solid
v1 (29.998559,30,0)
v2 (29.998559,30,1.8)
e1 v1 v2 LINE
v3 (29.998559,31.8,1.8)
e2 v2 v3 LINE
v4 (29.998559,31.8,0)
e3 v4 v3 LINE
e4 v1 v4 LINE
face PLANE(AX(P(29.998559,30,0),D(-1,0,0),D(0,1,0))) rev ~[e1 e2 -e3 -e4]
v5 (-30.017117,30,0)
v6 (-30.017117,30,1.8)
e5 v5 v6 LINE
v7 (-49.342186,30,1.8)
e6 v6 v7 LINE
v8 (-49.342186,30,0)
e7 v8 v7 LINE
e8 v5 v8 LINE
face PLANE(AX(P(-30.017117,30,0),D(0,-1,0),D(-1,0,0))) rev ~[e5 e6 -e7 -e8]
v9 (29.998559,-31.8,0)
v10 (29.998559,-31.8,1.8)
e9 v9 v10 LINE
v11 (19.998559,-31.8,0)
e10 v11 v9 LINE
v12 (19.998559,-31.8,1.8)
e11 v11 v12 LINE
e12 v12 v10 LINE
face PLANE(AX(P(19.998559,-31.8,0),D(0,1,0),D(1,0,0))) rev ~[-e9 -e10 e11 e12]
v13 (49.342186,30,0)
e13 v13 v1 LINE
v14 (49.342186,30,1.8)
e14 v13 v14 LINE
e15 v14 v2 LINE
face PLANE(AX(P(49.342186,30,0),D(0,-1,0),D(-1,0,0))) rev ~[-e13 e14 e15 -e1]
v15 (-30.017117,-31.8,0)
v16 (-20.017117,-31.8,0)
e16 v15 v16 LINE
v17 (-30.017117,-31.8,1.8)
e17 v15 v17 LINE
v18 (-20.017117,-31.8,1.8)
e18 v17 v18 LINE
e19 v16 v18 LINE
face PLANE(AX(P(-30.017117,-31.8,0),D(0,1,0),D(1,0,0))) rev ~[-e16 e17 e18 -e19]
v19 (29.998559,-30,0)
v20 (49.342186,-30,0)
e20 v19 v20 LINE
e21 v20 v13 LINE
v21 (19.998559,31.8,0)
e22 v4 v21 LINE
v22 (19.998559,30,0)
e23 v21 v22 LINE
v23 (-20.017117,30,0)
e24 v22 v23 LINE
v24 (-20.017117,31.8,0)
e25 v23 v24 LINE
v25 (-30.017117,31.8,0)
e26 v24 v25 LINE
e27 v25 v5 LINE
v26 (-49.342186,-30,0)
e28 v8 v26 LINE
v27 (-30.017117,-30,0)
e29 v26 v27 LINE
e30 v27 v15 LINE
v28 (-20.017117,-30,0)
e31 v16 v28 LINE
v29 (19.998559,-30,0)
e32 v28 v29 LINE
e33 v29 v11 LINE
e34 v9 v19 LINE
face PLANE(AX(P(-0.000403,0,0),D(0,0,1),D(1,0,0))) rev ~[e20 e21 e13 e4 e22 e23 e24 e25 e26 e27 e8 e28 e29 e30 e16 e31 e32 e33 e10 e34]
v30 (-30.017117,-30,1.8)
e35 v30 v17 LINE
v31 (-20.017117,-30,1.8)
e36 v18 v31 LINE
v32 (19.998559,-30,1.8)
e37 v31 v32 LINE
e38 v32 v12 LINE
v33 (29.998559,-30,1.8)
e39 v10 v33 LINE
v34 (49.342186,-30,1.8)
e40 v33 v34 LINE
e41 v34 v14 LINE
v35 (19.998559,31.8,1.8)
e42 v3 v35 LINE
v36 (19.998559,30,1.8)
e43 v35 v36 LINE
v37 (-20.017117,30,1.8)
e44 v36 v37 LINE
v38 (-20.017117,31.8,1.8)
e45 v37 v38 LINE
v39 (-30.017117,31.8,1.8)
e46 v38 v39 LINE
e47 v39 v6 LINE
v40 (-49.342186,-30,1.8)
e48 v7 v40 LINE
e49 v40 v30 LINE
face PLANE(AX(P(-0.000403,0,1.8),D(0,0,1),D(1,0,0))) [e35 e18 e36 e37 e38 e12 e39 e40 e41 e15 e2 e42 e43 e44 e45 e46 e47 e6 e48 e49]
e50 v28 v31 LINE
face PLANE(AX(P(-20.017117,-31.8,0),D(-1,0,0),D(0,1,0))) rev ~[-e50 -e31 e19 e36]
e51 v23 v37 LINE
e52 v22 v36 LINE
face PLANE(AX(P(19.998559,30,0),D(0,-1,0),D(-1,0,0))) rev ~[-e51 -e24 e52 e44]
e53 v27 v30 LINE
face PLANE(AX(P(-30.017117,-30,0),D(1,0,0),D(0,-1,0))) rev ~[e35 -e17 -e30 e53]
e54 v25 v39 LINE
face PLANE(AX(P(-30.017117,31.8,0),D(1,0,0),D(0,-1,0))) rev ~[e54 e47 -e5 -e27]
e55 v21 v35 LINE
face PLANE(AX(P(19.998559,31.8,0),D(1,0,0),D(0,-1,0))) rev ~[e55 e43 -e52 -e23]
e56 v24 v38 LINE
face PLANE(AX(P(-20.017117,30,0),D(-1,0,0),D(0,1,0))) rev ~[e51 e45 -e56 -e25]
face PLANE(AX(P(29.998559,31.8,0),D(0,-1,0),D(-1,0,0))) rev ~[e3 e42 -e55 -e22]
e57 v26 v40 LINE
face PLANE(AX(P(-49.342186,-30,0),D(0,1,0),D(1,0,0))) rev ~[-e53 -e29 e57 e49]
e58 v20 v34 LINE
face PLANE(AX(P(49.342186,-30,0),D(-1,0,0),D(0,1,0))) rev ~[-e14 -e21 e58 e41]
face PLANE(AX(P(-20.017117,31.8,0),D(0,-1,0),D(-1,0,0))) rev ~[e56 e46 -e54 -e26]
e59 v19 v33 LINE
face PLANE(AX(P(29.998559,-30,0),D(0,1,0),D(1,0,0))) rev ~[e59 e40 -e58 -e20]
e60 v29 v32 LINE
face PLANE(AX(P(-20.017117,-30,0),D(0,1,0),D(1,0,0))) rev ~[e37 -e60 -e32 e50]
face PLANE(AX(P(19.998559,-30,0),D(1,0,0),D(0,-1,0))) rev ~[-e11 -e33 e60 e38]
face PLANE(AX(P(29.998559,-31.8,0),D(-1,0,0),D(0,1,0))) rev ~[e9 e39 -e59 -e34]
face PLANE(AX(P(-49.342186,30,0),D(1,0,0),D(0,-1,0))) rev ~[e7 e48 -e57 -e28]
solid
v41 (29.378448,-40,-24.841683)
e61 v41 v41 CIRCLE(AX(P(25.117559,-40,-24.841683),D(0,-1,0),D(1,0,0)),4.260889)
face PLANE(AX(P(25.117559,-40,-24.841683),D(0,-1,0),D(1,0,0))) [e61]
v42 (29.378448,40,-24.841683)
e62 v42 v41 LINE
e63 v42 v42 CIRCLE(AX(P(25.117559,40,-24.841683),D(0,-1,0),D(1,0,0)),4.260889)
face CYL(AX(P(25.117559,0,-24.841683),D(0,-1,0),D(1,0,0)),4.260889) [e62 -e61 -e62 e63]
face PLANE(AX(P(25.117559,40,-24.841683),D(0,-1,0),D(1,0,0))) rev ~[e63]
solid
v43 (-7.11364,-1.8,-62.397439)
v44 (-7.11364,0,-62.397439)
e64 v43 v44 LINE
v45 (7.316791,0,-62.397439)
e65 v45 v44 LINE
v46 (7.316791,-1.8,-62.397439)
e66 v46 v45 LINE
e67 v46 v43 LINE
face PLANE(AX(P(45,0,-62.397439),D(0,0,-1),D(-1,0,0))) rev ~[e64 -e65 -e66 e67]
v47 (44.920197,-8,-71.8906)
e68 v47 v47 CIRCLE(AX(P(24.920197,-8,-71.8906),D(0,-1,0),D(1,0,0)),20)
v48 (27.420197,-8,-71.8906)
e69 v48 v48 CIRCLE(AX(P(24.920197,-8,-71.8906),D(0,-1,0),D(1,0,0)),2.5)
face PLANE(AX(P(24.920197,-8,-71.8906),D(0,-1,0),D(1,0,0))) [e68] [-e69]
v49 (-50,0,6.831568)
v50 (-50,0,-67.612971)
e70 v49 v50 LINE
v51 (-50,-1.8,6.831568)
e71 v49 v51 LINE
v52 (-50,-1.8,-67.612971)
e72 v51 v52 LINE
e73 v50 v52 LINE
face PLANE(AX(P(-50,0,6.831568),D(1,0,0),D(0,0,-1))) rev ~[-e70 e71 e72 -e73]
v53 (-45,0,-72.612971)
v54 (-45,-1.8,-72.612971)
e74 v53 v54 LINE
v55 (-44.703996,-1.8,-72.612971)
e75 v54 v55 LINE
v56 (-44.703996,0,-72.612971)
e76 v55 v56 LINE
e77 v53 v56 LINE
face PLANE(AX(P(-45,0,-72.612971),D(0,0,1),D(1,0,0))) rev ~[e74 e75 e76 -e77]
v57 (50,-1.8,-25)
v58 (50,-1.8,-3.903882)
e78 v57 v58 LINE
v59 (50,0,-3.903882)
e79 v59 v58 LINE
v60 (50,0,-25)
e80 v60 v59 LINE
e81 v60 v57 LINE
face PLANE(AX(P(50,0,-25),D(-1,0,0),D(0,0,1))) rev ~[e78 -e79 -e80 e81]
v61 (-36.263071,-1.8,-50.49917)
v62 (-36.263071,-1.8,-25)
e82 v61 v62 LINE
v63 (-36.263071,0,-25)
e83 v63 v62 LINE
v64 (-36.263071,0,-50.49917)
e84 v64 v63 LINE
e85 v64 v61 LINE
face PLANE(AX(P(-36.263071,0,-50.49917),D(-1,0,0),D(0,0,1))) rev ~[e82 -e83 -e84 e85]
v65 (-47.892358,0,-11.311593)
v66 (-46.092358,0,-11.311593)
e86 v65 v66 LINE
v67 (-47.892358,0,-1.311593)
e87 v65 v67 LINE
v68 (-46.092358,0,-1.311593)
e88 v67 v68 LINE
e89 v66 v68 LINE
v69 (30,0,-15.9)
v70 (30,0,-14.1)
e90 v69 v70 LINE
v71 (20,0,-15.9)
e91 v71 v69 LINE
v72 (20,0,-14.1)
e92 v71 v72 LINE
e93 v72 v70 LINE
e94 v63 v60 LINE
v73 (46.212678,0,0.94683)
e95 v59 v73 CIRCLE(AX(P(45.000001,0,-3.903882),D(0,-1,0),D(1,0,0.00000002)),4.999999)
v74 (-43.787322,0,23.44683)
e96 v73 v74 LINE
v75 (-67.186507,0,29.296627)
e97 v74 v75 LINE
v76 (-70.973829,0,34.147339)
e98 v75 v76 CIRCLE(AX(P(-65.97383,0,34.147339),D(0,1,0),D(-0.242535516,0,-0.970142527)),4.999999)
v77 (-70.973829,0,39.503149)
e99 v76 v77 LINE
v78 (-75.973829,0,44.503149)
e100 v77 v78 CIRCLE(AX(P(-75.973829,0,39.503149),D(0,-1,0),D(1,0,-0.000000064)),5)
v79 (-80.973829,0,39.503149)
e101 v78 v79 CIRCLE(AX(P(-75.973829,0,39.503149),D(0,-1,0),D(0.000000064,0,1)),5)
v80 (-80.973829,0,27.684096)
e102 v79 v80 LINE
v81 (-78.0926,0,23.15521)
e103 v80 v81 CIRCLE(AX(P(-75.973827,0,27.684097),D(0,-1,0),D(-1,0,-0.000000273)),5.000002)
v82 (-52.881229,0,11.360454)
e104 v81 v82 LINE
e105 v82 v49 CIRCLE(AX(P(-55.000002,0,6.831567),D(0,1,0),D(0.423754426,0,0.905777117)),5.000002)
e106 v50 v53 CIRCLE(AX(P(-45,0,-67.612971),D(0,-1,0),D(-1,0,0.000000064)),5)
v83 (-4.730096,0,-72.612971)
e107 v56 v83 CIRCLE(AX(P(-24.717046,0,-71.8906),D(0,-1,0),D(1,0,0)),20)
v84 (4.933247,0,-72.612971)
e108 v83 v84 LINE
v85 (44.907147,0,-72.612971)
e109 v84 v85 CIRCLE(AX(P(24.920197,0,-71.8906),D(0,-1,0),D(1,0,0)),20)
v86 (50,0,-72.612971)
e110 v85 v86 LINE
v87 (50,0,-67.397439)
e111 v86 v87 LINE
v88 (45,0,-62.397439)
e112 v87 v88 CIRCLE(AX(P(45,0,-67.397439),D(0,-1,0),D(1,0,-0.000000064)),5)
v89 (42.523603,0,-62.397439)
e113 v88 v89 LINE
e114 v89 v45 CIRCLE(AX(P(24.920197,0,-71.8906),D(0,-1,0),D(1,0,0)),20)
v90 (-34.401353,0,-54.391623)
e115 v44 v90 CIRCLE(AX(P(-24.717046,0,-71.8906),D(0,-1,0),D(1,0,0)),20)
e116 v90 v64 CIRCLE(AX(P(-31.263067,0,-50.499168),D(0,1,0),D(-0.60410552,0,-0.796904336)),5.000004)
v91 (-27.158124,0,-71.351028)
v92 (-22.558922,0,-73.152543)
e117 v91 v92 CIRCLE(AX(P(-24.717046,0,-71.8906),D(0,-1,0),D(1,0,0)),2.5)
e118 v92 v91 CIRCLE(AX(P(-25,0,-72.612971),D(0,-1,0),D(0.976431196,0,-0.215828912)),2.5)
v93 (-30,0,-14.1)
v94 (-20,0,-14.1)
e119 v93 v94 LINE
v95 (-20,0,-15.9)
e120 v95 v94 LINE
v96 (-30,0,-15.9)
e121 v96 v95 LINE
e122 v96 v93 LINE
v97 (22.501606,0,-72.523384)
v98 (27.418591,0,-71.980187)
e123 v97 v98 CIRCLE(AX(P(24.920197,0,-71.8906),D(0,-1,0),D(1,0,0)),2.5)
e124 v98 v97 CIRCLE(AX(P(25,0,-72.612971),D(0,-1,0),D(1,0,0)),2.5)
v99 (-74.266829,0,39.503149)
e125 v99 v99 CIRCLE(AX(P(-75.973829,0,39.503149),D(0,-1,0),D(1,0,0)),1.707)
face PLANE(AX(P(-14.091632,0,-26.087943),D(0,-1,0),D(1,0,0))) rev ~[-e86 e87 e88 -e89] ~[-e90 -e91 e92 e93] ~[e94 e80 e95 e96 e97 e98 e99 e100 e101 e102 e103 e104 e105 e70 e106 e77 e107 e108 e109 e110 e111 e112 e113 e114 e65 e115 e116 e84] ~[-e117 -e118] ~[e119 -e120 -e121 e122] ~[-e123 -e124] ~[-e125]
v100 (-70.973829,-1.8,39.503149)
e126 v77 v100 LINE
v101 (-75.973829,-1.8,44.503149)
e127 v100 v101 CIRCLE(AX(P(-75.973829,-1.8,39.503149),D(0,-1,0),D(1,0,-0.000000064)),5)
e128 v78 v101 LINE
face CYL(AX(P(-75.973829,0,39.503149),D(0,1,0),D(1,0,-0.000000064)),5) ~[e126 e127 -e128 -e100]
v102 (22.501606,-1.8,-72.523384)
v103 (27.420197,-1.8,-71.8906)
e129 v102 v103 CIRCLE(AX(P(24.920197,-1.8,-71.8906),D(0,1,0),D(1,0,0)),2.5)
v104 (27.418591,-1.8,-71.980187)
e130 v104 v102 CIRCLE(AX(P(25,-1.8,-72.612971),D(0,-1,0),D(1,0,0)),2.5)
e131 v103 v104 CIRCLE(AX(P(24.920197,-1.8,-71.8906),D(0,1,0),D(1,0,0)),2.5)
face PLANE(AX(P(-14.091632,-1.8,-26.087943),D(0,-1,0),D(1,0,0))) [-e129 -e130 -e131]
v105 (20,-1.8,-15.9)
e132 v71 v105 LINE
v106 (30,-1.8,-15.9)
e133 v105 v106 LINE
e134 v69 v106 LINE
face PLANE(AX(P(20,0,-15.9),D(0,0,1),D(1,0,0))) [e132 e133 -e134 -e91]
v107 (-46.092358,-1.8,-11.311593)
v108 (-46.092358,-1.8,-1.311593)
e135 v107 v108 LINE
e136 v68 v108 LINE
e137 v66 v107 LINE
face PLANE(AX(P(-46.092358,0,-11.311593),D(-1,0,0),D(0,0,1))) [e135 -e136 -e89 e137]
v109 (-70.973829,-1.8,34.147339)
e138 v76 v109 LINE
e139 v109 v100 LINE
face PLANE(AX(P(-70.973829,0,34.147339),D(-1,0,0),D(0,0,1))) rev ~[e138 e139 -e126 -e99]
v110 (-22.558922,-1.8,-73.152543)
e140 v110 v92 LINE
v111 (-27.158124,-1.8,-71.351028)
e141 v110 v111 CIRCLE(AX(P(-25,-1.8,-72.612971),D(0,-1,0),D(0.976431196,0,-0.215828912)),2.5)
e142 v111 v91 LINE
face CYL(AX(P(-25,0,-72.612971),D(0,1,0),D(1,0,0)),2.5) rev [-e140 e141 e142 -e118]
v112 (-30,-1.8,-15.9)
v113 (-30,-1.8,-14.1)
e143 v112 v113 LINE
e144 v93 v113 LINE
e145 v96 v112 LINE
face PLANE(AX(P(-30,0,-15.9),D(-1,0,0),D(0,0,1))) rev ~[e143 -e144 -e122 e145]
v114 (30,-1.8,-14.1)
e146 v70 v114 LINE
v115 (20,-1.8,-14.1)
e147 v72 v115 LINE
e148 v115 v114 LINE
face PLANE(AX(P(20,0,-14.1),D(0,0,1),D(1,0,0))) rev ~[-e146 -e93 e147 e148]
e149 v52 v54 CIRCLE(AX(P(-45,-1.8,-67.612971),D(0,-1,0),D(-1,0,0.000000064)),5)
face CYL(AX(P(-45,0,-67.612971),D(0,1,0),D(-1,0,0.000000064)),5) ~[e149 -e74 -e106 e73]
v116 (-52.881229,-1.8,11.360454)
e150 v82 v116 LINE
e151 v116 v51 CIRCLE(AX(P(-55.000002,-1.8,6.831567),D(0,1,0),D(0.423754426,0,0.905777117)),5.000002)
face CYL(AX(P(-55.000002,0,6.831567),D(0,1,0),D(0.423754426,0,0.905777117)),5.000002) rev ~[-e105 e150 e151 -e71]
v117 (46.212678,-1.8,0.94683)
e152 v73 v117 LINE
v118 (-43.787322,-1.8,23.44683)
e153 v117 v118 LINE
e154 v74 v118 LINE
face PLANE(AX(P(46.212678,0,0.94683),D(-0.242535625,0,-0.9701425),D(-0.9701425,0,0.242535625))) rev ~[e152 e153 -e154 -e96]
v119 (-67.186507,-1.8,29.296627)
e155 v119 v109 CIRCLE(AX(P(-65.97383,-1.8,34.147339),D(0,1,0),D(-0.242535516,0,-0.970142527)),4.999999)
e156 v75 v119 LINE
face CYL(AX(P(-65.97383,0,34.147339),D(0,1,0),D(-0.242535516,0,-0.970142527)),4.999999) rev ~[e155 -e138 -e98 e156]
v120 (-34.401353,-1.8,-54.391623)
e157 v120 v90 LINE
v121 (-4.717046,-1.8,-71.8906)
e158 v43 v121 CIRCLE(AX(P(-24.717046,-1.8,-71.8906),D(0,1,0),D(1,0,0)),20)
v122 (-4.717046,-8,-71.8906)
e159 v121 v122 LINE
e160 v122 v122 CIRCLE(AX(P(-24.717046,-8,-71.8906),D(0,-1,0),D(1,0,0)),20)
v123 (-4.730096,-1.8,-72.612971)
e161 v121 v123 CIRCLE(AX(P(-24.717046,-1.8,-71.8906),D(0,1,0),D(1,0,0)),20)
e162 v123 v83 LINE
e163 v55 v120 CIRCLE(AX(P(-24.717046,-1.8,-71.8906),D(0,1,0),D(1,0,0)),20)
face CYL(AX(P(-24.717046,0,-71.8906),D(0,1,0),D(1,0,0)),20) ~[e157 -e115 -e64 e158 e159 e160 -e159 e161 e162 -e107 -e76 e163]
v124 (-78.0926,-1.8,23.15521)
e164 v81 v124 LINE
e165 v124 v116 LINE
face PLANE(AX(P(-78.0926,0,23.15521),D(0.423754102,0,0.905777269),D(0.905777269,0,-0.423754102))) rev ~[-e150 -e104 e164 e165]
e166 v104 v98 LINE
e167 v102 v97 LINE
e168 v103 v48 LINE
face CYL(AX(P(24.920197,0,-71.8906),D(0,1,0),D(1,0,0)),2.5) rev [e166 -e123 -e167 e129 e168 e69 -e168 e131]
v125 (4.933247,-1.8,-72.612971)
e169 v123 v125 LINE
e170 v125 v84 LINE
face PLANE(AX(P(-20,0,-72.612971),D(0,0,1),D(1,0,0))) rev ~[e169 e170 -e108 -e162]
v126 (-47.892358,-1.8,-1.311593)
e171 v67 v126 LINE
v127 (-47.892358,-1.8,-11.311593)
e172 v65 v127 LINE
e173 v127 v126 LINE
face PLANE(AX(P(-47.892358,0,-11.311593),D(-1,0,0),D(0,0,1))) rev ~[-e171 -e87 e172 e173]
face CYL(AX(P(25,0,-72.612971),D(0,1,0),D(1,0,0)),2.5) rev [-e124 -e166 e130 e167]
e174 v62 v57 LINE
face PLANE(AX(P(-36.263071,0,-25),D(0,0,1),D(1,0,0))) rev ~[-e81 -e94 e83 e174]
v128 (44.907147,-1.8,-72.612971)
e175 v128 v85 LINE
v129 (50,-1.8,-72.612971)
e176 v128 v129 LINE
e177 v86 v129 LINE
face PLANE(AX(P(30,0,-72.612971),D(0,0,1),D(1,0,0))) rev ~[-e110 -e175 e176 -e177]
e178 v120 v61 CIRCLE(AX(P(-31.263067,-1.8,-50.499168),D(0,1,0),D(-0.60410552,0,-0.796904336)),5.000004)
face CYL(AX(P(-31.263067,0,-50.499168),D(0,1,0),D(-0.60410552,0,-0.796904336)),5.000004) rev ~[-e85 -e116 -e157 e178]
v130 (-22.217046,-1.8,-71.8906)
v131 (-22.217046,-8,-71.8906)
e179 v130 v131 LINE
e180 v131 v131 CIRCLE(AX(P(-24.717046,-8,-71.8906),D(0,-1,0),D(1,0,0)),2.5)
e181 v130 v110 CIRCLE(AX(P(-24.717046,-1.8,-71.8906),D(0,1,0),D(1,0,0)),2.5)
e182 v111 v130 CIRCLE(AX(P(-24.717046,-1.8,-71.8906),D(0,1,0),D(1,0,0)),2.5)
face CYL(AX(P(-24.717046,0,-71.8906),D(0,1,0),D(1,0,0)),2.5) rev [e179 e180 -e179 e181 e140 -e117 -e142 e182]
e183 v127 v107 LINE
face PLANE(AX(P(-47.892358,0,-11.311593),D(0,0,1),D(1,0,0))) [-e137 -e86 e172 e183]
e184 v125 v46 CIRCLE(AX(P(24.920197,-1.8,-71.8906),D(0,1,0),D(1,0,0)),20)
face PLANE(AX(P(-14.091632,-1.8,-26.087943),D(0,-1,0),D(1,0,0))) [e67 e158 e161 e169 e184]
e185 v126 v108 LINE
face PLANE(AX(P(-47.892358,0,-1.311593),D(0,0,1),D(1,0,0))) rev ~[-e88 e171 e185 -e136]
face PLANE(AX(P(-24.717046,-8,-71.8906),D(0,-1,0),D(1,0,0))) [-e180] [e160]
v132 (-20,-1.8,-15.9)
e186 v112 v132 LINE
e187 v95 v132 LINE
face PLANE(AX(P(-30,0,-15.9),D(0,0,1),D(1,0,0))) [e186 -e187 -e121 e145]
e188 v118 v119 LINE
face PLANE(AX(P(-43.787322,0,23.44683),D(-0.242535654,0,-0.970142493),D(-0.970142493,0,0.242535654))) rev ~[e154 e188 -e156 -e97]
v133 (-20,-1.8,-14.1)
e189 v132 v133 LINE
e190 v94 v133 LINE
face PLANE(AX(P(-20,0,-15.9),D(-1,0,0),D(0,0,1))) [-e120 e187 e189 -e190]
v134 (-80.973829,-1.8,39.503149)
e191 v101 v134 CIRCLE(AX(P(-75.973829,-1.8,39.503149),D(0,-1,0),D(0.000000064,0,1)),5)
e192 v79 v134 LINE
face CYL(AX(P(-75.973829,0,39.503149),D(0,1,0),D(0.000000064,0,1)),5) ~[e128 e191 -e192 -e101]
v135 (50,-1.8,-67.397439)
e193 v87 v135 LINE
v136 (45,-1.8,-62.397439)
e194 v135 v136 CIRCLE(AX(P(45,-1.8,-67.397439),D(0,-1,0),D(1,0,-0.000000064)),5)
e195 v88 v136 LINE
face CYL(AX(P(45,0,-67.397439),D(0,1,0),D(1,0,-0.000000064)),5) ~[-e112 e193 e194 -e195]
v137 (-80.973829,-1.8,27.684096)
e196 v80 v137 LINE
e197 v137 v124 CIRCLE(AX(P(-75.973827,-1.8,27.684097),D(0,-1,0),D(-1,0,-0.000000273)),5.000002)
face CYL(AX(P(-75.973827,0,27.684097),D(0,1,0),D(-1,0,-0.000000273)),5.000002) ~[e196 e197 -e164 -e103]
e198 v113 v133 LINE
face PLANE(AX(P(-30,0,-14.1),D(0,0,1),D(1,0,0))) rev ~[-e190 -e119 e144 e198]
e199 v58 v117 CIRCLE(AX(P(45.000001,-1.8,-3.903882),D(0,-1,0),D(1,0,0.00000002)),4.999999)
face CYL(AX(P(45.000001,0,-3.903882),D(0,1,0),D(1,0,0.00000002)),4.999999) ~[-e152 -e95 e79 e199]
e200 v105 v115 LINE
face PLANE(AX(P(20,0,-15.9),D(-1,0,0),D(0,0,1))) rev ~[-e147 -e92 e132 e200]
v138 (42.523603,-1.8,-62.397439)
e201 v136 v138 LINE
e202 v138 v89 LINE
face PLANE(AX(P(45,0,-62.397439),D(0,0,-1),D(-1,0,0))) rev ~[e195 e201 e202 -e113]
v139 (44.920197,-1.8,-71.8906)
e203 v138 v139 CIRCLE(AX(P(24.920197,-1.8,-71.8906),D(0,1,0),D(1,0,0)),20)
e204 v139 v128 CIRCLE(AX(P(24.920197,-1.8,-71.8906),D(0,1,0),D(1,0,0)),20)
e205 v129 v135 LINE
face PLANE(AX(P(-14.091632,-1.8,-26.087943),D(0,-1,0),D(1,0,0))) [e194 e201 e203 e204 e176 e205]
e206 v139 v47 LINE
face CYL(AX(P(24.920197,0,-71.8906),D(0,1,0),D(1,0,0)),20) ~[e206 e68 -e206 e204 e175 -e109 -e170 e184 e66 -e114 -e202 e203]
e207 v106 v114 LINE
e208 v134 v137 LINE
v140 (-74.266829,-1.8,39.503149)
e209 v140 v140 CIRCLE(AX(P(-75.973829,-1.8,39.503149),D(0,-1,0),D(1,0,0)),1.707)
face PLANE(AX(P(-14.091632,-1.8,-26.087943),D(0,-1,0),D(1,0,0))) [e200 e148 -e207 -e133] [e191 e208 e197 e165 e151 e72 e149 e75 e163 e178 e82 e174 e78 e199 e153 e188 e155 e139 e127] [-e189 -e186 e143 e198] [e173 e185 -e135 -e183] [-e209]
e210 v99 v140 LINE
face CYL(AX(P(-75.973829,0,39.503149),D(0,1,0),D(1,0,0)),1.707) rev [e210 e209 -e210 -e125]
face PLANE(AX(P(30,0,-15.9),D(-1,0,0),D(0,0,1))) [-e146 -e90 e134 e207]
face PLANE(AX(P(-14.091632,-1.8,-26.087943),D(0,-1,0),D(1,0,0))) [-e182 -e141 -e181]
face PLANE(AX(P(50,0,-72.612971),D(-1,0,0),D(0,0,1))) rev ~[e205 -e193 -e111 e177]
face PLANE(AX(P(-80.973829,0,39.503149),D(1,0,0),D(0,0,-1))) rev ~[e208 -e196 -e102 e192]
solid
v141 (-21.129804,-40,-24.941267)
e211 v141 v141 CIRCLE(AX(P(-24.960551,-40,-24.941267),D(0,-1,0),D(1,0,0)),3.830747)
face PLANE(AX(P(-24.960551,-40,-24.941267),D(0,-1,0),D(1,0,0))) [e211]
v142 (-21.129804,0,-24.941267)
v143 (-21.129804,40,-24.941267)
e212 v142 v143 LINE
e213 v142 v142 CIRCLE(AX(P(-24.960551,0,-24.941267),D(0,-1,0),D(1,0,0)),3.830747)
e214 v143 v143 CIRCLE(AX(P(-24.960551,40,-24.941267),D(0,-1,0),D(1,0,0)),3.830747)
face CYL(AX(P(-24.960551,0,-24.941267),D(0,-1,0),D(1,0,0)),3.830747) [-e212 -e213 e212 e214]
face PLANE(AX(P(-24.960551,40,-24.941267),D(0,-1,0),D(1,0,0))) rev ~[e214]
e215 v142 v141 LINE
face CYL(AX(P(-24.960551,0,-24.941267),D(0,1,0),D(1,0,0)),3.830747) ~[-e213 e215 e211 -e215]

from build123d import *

# Parameters (mm, degrees)
F0_R     = 2.5
F0_W     = 1.8
F0_H     = 10
F0_W_2   = 10
F0_H_2   = 1.8
F0_R_2   = 1.707
F1_DEPTH = 1.8
F2_R     = 3.830747
F2_R_2   = 4.260889
F3_DEPTH = 40
F5_DEPTH = 1.8
F6_R     = 20
F6_R_2   = 2.5
F7_DEPTH = 8
F8_DEPTH = 8


with BuildPart() as f1:
    # F0 (on Front) → F1 (new body)
    with BuildSketch(Plane.XZ):
        with BuildLine():
            Line((35, -25), (50, -25))
            Line((50, -25), (50, -3.903882))
            ThreePointArc((50, -3.903882), (48.941027, -0.826821), (46.212678, 0.94683))
            Line((46.212678, 0.94683), (-43.787322, 23.44683))
            Line((-43.787322, 23.44683), (-67.186507, 29.296627))
            ThreePointArc((-67.186507, 29.296627), (-69.914856, 31.070278), (-70.973829, 34.147339))
            Line((-70.973829, 34.147339), (-70.973829, 39.503149))
            ThreePointArc((-70.973829, 39.503149), (-72.438295, 43.038683), (-75.973829, 44.503149))
            ThreePointArc((-75.973829, 44.503149), (-79.509363, 43.038683), (-80.973829, 39.503149))
            Line((-80.973829, 39.503149), (-80.973829, 27.684096))
            ThreePointArc((-80.973829, 27.684096), (-80.192469, 25.000242), (-78.0926, 23.15521))
            Line((-78.0926, 23.15521), (-52.881229, 11.360454))
            ThreePointArc((-52.881229, 11.360454), (-50.78136, 9.515422), (-50, 6.831568))
            Line((-50, 6.831568), (-50, -15))
            Line((-50, -15), (-50, -25))
            Line((-50, -25), (-50, -67.612971))
            ThreePointArc((-50, -67.612971), (-48.535534, -71.148505), (-45, -72.612971))
            Line((-45, -72.612971), (-30, -72.612971))
            ThreePointArc((-30, -72.612971), (-25, -77.612971), (-20, -72.612971))
            Line((-20, -72.612971), (20, -72.612971))
            ThreePointArc((20, -72.612971), (25, -77.612971), (30, -72.612971))
            Line((30, -72.612971), (50, -72.612971))
            Line((50, -72.612971), (50, -67.397439))
            ThreePointArc((50, -67.397439), (48.535534, -63.861905), (45, -62.397439))
            Line((45, -62.397439), (-22.163229, -62.397439))
            ThreePointArc((-22.163229, -62.397439), (-23.756557, -62.136775), (-25.183755, -61.381962))
            Line((-25.183755, -61.381962), (-34.283597, -54.483693))
            ThreePointArc((-34.283597, -54.483693), (-35.74094, -52.723734), (-36.263071, -50.49917))
            Line((-36.263071, -50.49917), (-36.263071, -25))
            Line((-36.263071, -25), (-35, -25))
            Line((-35, -25), (35, -25))
        make_face()
        with Locations((-25, -72.612971)):
            Circle(F0_R, mode=Mode.SUBTRACT)
        with Locations((25, -72.612971)):
            Circle(F0_R, mode=Mode.SUBTRACT)
        with Locations((-46.992358, -6.311593)):
            Rectangle(F0_W, F0_H, mode=Mode.SUBTRACT)
        with Locations((-25, -15)):
            Rectangle(F0_W_2, F0_H_2, mode=Mode.SUBTRACT)
        with Locations((-75.973829, 39.503149)):
            Circle(F0_R_2, mode=Mode.SUBTRACT)
        with Locations((25, -15)):
            Rectangle(F0_W_2, F0_H_2, mode=Mode.SUBTRACT)
    extrude(amount=F1_DEPTH)

    # F6 (on Front) → F7 (join)
    with BuildSketch(Plane.XZ):
        with Locations((24.920197, -71.8906)):
            Circle(F6_R)
        with Locations((24.920197, -71.8906)):
            Circle(F6_R_2, mode=Mode.SUBTRACT)
    extrude(amount=F7_DEPTH)

    # F6 (on Front) → F8 (join)
    with BuildSketch(Plane.XZ):
        with Locations((-24.717046, -71.8906)):
            Circle(F6_R)
        with Locations((-24.717046, -71.8906)):
            Circle(F6_R_2, mode=Mode.SUBTRACT)
    extrude(amount=F8_DEPTH)


with BuildPart() as f3:
    # F2 (on Front) → F3 (new body, symmetric)
    with BuildSketch(Plane.XZ):
        with Locations((-24.960551, -24.941267)):
            Circle(F2_R)
        with Locations((25.117559, -24.841683)):
            Circle(F2_R_2)
    extrude(amount=F3_DEPTH, both=True)


with BuildPart() as f5:
    # F4 (on Top) → F5 (new body)
    with BuildSketch(Plane.XY):
        Polygon((-30.017117, 30), (-49.342186, 30), (-49.342186, -30), (-30.017117, -30), (-30.017117, -31.8), (-20.017117, -31.8), (-20.017117, -30), (19.998559, -30), (19.998559, -31.8), (29.998559, -31.8), (29.998559, -30), (49.342186, -30), (49.342186, 30), (29.998559, 30), (29.998559, 31.8), (19.998559, 31.8), (19.998559, 30), (-20.017117, 30), (-20.017117, 31.8), (-30.017117, 31.8), align=None)
    extrude(amount=F5_DEPTH)


solid = Compound([f1.part, f3.part, f5.part])
